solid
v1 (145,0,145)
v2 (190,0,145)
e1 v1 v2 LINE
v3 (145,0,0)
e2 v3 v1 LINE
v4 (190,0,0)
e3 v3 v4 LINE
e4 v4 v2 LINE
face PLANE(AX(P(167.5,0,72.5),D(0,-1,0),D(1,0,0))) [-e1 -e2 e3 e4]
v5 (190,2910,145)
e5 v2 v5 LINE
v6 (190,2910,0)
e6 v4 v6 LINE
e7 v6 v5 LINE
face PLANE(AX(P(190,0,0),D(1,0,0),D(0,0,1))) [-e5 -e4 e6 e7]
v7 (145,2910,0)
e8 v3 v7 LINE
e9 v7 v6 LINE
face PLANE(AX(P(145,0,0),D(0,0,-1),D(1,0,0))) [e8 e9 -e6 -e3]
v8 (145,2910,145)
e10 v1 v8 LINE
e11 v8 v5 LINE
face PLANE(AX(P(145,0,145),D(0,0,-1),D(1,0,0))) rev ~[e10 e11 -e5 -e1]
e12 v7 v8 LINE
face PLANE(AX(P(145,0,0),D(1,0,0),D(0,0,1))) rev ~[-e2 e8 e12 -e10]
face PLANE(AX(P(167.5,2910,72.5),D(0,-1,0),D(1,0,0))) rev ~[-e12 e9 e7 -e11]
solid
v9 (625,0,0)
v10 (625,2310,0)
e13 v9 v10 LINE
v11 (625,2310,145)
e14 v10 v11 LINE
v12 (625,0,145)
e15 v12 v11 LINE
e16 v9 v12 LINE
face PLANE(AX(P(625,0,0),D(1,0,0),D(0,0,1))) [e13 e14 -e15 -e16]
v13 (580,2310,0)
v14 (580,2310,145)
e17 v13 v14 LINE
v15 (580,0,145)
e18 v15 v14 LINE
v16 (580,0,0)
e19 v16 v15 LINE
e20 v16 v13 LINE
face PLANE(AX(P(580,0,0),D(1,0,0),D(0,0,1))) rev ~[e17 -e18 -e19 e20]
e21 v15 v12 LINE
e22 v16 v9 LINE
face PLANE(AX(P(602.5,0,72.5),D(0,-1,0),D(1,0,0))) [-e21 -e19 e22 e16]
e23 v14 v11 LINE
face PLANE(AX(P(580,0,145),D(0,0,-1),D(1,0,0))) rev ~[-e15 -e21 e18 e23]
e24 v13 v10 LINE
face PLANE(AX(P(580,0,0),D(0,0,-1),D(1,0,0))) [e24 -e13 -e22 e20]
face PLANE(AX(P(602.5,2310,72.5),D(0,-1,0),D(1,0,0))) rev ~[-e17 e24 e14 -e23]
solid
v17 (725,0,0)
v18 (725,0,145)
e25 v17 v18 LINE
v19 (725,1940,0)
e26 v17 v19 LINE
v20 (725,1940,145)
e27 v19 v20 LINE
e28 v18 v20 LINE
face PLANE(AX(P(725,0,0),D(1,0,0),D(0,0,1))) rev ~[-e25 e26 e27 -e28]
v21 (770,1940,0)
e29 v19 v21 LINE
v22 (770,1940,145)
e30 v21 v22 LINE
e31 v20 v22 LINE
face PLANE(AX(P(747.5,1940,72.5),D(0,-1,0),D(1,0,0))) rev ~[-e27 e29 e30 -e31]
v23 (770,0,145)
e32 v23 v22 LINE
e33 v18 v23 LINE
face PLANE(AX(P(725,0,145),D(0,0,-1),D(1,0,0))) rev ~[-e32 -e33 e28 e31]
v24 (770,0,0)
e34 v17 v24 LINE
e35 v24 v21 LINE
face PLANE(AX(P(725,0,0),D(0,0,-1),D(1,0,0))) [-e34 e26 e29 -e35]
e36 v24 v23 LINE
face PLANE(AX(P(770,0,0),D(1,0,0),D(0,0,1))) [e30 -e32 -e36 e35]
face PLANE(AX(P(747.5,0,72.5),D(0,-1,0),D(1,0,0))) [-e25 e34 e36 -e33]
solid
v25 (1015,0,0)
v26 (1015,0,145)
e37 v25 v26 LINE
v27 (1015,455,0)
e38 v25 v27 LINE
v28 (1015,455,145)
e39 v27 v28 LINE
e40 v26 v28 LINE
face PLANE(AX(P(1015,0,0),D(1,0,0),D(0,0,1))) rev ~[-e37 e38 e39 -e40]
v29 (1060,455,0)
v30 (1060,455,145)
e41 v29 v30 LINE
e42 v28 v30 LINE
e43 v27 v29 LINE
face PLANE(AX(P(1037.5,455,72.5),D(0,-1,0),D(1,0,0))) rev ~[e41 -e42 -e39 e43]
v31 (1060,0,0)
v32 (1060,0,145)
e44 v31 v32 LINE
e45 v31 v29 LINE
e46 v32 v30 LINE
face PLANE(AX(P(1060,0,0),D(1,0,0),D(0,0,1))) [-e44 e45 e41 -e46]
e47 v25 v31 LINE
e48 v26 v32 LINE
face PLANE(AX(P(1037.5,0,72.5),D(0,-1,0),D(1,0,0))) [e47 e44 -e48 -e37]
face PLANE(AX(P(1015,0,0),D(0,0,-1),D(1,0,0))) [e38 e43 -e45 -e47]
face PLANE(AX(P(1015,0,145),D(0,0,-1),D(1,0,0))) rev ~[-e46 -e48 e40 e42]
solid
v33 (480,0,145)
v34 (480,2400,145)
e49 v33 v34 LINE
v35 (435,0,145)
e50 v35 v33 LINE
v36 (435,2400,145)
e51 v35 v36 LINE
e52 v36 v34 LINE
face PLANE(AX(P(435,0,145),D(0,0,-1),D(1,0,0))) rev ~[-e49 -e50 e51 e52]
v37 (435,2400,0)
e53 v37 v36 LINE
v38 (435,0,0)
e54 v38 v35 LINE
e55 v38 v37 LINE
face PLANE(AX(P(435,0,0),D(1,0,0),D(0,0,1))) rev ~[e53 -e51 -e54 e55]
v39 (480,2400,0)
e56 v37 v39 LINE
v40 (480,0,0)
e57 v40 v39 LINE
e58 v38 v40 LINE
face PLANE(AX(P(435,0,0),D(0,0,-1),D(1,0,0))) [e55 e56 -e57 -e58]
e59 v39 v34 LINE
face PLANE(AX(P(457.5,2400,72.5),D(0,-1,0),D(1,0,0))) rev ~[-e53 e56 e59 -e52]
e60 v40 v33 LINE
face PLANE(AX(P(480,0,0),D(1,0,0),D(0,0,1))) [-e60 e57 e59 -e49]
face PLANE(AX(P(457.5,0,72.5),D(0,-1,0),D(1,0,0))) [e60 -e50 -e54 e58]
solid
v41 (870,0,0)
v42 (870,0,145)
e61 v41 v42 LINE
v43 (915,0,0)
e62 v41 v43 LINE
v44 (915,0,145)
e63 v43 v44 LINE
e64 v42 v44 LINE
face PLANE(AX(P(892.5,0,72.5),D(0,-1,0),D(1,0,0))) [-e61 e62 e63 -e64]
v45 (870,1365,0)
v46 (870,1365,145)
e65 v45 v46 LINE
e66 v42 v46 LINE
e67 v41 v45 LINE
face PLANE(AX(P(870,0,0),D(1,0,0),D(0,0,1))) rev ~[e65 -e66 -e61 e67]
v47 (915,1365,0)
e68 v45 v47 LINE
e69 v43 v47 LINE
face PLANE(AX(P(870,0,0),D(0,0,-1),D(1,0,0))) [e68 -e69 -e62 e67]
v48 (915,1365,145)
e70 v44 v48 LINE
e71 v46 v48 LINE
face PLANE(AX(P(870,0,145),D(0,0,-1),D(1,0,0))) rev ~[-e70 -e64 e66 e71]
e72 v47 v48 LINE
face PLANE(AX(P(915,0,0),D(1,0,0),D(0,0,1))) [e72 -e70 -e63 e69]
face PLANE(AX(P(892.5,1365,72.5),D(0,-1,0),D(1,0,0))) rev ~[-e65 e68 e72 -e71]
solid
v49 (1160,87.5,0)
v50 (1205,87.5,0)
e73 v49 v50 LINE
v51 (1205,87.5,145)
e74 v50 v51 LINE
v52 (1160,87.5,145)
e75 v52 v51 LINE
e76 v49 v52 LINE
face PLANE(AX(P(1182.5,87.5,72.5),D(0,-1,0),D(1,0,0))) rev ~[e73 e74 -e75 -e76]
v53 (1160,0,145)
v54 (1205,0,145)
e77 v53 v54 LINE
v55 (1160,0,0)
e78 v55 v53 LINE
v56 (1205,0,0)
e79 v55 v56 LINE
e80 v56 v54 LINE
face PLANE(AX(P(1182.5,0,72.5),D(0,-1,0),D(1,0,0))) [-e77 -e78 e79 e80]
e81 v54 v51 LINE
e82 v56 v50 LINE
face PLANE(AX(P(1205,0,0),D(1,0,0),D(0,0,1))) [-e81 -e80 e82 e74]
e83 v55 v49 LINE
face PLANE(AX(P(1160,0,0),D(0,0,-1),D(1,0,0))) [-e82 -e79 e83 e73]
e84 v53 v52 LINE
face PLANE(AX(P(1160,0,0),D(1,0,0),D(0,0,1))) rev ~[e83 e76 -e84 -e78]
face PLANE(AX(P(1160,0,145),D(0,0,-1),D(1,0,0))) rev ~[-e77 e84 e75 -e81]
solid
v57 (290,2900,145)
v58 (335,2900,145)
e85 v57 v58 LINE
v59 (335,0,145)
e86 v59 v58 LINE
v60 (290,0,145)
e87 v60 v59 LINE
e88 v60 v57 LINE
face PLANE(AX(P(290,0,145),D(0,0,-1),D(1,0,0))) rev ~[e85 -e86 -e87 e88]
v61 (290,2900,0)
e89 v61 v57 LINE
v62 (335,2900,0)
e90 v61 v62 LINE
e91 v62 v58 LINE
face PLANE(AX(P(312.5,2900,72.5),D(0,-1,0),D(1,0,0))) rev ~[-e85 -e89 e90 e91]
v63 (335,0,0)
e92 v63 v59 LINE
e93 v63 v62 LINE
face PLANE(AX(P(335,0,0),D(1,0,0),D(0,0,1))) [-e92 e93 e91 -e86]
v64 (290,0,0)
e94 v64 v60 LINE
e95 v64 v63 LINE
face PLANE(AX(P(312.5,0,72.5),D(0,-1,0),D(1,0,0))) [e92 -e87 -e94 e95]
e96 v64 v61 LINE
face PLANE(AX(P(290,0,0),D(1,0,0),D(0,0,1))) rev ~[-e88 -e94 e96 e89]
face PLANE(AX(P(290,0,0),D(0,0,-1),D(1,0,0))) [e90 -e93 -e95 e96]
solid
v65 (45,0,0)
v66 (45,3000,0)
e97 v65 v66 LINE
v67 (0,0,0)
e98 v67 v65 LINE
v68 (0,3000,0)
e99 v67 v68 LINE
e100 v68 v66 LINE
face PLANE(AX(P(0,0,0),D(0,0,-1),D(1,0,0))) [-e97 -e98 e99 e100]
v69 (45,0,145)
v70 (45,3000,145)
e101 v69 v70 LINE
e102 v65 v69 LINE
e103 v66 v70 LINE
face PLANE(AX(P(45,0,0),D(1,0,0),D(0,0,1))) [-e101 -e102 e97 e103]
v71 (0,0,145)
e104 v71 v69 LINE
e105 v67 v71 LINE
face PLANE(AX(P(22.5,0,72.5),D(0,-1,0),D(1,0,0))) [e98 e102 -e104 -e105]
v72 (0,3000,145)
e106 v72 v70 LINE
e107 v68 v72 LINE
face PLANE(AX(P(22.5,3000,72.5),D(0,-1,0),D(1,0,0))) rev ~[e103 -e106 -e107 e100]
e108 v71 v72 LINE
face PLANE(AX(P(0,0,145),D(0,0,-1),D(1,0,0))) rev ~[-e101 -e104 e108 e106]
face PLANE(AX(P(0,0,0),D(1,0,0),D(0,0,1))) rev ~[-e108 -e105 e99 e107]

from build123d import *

# Parameters (mm, degrees)
F0_W     = 45
F0_H     = 145
F1_DEPTH = 3000
F2_DEPTH = 2910
F3_DEPTH = 2900
F4_DEPTH = 2400
F5_DEPTH = 2310
F6_DEPTH = 1365
F7_DEPTH = 455
F8_DEPTH = 87.5
F9_DEPTH = 1940


with BuildPart() as f1:
    # F0 (on Front) → F1 (new body)
    with BuildSketch(Plane.XZ):
        with Locations((22.5, 72.5)):
            Rectangle(F0_W, F0_H)
    extrude(amount=-F1_DEPTH)


with BuildPart() as f2:
    # F0 (on Front) → F2 (new body)
    with BuildSketch(Plane.XZ):
        with Locations((167.5, 72.5)):
            Rectangle(F0_W, F0_H)
    extrude(amount=-F2_DEPTH)


with BuildPart() as f3:
    # F0 (on Front) → F3 (new body)
    with BuildSketch(Plane.XZ):
        with Locations((312.5, 72.5)):
            Rectangle(F0_W, F0_H)
    extrude(amount=-F3_DEPTH)


with BuildPart() as f4:
    # F0 (on Front) → F4 (new body)
    with BuildSketch(Plane.XZ):
        with Locations((457.5, 72.5)):
            Rectangle(F0_W, F0_H)
    extrude(amount=-F4_DEPTH)


with BuildPart() as f5:
    # F0 (on Front) → F5 (new body)
    with BuildSketch(Plane.XZ):
        with Locations((602.5, 72.5)):
            Rectangle(F0_W, F0_H)
    extrude(amount=-F5_DEPTH)


with BuildPart() as f6:
    # F0 (on Front) → F6 (new body)
    with BuildSketch(Plane.XZ):
        with Locations((892.5, 72.5)):
            Rectangle(F0_W, F0_H)
    extrude(amount=-F6_DEPTH)


with BuildPart() as f7:
    # F0 (on Front) → F7 (new body)
    with BuildSketch(Plane.XZ):
        with Locations((1037.5, 72.5)):
            Rectangle(F0_W, F0_H)
    extrude(amount=-F7_DEPTH)


with BuildPart() as f8:
    # F0 (on Front) → F8 (new body)
    with BuildSketch(Plane.XZ):
        with Locations((1182.5, 72.5)):
            Rectangle(F0_W, F0_H)
    extrude(amount=-F8_DEPTH)


with BuildPart() as f9:
    # F0 (on Front) → F9 (new body)
    with BuildSketch(Plane.XZ):
        with Locations((747.5, 72.5)):
            Rectangle(F0_W, F0_H)
    extrude(amount=-F9_DEPTH)


solid = Compound([f1.part, f2.part, f3.part, f4.part, f5.part, f6.part, f7.part, f8.part, f9.part])
